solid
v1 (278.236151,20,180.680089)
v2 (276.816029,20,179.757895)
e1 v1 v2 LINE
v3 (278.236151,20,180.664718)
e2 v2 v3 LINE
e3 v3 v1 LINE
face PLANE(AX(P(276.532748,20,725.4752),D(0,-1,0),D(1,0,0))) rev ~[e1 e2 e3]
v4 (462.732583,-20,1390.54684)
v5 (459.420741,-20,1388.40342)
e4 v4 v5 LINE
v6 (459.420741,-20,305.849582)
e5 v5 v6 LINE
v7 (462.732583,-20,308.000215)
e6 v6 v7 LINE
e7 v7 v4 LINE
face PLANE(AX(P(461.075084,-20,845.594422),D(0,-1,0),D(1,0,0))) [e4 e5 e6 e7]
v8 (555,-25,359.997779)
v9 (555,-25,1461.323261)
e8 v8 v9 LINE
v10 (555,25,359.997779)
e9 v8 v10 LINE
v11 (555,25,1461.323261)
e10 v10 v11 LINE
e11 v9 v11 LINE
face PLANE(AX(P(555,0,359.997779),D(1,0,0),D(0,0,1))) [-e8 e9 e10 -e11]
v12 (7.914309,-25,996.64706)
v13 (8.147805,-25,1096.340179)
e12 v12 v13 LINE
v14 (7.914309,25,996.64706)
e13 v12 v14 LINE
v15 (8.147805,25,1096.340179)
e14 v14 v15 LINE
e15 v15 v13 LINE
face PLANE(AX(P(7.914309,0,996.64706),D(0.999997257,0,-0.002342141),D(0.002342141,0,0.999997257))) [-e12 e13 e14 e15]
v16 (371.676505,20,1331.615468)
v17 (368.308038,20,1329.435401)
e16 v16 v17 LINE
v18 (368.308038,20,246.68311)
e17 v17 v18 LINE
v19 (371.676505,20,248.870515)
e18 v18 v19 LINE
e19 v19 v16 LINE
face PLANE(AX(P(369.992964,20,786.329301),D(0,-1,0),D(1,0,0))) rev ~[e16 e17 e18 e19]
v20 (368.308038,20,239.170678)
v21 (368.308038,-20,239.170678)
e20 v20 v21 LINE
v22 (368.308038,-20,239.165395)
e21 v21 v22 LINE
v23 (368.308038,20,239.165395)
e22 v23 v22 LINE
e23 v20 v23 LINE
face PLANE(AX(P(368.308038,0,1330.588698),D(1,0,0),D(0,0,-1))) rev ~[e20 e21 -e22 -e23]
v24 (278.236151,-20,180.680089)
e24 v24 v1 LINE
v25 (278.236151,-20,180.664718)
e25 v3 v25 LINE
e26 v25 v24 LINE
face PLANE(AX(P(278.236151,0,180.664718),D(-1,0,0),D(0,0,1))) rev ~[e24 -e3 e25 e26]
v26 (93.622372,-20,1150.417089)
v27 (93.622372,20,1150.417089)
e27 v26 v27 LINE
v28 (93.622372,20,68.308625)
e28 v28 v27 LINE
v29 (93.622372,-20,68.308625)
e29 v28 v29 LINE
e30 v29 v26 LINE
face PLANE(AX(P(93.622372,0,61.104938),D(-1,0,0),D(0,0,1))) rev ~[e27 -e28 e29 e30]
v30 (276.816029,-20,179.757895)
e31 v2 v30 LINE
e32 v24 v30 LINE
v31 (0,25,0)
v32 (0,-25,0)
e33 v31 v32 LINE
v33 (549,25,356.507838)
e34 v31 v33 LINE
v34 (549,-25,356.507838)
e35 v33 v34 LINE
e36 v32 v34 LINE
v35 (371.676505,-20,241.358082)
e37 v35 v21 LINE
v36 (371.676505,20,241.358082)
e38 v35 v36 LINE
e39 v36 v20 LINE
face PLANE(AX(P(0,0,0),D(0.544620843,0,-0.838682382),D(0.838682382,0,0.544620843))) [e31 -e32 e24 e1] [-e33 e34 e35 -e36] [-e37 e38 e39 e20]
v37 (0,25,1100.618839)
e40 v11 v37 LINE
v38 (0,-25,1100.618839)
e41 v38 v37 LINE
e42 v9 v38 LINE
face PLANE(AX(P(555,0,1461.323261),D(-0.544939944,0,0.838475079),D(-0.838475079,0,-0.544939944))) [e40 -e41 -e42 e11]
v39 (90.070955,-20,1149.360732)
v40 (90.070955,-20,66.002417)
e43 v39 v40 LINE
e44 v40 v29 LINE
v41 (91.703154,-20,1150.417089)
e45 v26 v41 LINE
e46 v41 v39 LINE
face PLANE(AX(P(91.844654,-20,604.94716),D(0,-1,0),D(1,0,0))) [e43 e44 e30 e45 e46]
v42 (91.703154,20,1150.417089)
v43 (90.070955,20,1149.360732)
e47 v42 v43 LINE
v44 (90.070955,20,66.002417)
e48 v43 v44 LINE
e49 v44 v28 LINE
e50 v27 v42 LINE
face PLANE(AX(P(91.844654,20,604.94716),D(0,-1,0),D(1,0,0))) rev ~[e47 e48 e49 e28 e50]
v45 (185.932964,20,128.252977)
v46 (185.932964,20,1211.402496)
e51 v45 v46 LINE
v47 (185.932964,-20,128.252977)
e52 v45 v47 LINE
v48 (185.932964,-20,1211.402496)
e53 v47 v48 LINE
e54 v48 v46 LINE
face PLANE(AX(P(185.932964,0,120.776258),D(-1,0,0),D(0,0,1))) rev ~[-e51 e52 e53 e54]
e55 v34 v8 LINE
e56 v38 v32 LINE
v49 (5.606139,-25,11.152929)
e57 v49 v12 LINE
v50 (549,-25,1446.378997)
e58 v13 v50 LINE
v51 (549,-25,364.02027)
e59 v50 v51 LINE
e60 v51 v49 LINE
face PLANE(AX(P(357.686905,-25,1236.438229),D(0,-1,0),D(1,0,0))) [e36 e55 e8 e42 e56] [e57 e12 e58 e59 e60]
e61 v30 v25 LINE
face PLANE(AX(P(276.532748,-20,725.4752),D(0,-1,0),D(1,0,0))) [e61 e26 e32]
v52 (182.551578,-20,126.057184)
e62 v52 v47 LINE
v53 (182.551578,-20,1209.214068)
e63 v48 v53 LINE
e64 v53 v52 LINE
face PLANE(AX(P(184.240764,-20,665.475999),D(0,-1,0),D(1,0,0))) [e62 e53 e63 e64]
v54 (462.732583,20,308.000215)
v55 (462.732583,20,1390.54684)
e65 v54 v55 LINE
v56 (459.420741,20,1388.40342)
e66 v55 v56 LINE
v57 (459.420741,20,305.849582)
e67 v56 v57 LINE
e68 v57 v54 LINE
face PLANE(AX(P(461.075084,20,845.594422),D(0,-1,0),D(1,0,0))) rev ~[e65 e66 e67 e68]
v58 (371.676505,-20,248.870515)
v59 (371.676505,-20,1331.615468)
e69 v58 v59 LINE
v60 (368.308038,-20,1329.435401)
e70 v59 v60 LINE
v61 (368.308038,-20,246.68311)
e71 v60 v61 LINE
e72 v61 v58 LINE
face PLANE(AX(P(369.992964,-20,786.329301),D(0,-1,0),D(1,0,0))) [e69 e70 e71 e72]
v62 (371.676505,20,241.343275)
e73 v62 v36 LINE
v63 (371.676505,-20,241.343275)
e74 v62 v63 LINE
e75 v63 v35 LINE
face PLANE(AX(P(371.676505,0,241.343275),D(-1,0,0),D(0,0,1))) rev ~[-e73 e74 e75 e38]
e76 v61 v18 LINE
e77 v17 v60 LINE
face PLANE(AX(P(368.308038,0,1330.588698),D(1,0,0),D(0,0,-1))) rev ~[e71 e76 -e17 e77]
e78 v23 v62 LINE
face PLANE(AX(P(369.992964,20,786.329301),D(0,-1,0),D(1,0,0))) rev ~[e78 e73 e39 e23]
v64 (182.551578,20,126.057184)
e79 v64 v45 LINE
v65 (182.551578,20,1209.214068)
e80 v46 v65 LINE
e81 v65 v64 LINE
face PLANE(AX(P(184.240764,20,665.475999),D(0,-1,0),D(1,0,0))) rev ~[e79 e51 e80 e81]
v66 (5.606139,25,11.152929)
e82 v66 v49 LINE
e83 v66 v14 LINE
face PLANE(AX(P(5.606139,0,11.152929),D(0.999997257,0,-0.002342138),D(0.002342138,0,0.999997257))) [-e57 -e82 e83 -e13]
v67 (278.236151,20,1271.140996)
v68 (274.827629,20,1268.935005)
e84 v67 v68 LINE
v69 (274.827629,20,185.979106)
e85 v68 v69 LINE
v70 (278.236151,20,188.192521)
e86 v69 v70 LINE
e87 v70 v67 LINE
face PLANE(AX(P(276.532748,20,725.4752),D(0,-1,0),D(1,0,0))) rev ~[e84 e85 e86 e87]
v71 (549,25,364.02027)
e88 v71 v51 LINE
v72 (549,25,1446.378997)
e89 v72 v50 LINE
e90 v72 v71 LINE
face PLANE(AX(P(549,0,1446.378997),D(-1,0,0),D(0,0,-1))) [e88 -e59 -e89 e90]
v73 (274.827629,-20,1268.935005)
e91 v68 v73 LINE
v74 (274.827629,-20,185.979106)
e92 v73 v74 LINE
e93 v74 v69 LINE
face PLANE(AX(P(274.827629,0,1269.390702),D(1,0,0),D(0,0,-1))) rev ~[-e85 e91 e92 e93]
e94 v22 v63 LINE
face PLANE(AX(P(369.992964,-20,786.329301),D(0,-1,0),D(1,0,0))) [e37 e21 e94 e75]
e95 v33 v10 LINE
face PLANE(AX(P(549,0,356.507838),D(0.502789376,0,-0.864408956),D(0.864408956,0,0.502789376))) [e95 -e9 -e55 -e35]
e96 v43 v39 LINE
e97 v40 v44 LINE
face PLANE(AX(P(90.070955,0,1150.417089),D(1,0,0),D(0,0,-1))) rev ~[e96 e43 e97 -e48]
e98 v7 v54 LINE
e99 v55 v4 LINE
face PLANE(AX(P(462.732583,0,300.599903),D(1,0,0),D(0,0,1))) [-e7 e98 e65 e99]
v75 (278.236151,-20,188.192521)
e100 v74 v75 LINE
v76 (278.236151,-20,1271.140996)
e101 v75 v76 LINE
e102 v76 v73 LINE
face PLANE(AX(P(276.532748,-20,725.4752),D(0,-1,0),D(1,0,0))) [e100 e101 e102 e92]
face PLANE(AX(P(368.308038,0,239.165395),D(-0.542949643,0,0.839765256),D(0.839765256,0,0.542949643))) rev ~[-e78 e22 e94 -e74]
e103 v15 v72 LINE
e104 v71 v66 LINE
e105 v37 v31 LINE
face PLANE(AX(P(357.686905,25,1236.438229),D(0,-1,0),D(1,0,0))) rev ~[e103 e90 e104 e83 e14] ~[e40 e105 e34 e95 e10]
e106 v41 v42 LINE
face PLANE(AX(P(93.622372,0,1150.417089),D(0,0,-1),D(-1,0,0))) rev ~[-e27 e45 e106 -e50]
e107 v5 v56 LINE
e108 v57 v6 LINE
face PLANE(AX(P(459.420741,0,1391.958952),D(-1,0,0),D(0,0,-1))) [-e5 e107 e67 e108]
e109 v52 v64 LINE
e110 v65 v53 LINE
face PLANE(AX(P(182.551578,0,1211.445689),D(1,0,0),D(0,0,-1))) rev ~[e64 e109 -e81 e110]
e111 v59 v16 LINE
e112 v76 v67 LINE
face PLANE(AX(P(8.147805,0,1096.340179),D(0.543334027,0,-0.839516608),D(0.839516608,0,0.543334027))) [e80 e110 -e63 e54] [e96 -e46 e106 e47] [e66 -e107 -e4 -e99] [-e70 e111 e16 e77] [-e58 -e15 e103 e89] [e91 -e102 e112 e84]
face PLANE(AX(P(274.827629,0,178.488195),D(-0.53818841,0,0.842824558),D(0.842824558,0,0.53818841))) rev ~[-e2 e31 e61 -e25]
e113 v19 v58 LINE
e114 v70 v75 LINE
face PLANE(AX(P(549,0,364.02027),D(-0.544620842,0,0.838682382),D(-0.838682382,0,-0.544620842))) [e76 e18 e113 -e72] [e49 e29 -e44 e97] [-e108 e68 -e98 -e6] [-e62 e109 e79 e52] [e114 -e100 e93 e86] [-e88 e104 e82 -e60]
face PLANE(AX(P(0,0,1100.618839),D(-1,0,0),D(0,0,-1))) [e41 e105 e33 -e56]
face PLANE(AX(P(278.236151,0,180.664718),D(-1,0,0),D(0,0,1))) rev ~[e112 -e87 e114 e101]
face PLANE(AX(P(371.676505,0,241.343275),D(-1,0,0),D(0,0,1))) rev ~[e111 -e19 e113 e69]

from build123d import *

# Parameters (mm, degrees)
F1_DEPTH = 25
F4_DEPTH = 20


with BuildPart() as f1:
    # F0 (on Front) → F1 (new body, symmetric)
    with BuildSketch(Plane.XZ):
        Polygon((0, 1100.618839), (0, 996.64706), (7.914309, 996.64706), (8.147805, 1096.340179), (549, 1446.378997), (549, 996.64706), (555, 996.64706), (555, 1461.323261), align=None)
        Polygon((7.914309, 996.64706), (0, 996.64706), (0, 0), (549, 356.507838), (555, 359.997779), (555, 996.64706), (549, 996.64706), (549, 364.02027), (5.606139, 11.152929), align=None)
    extrude(amount=F1_DEPTH, both=True)

    # F3 (on Front) → F4 (join, symmetric)
    with BuildSketch(Plane.XZ):
        Polygon((90.070955, 1150.417089), (90.070955, 58.627985), (93.622372, 61.104938), (93.622372, 1150.417089), align=None)
        Polygon((182.551578, 1211.445689), (182.551578, 118.694976), (185.932964, 120.776258), (185.932964, 1211.573839), align=None)
        Polygon((274.827629, 1269.390702), (274.827629, 178.488195), (278.236151, 180.664718), (278.236151, 1272.670865), align=None)
        Polygon((368.308038, 1330.588698), (368.308038, 239.165395), (371.676505, 241.343275), (371.676505, 1333.667517), align=None)
        Polygon((459.420741, 1391.958952), (459.420741, 298.422277), (462.732583, 300.599903), (462.732583, 1392.047167), align=None)
    extrude(amount=F4_DEPTH, both=True)


solid = f1.part
